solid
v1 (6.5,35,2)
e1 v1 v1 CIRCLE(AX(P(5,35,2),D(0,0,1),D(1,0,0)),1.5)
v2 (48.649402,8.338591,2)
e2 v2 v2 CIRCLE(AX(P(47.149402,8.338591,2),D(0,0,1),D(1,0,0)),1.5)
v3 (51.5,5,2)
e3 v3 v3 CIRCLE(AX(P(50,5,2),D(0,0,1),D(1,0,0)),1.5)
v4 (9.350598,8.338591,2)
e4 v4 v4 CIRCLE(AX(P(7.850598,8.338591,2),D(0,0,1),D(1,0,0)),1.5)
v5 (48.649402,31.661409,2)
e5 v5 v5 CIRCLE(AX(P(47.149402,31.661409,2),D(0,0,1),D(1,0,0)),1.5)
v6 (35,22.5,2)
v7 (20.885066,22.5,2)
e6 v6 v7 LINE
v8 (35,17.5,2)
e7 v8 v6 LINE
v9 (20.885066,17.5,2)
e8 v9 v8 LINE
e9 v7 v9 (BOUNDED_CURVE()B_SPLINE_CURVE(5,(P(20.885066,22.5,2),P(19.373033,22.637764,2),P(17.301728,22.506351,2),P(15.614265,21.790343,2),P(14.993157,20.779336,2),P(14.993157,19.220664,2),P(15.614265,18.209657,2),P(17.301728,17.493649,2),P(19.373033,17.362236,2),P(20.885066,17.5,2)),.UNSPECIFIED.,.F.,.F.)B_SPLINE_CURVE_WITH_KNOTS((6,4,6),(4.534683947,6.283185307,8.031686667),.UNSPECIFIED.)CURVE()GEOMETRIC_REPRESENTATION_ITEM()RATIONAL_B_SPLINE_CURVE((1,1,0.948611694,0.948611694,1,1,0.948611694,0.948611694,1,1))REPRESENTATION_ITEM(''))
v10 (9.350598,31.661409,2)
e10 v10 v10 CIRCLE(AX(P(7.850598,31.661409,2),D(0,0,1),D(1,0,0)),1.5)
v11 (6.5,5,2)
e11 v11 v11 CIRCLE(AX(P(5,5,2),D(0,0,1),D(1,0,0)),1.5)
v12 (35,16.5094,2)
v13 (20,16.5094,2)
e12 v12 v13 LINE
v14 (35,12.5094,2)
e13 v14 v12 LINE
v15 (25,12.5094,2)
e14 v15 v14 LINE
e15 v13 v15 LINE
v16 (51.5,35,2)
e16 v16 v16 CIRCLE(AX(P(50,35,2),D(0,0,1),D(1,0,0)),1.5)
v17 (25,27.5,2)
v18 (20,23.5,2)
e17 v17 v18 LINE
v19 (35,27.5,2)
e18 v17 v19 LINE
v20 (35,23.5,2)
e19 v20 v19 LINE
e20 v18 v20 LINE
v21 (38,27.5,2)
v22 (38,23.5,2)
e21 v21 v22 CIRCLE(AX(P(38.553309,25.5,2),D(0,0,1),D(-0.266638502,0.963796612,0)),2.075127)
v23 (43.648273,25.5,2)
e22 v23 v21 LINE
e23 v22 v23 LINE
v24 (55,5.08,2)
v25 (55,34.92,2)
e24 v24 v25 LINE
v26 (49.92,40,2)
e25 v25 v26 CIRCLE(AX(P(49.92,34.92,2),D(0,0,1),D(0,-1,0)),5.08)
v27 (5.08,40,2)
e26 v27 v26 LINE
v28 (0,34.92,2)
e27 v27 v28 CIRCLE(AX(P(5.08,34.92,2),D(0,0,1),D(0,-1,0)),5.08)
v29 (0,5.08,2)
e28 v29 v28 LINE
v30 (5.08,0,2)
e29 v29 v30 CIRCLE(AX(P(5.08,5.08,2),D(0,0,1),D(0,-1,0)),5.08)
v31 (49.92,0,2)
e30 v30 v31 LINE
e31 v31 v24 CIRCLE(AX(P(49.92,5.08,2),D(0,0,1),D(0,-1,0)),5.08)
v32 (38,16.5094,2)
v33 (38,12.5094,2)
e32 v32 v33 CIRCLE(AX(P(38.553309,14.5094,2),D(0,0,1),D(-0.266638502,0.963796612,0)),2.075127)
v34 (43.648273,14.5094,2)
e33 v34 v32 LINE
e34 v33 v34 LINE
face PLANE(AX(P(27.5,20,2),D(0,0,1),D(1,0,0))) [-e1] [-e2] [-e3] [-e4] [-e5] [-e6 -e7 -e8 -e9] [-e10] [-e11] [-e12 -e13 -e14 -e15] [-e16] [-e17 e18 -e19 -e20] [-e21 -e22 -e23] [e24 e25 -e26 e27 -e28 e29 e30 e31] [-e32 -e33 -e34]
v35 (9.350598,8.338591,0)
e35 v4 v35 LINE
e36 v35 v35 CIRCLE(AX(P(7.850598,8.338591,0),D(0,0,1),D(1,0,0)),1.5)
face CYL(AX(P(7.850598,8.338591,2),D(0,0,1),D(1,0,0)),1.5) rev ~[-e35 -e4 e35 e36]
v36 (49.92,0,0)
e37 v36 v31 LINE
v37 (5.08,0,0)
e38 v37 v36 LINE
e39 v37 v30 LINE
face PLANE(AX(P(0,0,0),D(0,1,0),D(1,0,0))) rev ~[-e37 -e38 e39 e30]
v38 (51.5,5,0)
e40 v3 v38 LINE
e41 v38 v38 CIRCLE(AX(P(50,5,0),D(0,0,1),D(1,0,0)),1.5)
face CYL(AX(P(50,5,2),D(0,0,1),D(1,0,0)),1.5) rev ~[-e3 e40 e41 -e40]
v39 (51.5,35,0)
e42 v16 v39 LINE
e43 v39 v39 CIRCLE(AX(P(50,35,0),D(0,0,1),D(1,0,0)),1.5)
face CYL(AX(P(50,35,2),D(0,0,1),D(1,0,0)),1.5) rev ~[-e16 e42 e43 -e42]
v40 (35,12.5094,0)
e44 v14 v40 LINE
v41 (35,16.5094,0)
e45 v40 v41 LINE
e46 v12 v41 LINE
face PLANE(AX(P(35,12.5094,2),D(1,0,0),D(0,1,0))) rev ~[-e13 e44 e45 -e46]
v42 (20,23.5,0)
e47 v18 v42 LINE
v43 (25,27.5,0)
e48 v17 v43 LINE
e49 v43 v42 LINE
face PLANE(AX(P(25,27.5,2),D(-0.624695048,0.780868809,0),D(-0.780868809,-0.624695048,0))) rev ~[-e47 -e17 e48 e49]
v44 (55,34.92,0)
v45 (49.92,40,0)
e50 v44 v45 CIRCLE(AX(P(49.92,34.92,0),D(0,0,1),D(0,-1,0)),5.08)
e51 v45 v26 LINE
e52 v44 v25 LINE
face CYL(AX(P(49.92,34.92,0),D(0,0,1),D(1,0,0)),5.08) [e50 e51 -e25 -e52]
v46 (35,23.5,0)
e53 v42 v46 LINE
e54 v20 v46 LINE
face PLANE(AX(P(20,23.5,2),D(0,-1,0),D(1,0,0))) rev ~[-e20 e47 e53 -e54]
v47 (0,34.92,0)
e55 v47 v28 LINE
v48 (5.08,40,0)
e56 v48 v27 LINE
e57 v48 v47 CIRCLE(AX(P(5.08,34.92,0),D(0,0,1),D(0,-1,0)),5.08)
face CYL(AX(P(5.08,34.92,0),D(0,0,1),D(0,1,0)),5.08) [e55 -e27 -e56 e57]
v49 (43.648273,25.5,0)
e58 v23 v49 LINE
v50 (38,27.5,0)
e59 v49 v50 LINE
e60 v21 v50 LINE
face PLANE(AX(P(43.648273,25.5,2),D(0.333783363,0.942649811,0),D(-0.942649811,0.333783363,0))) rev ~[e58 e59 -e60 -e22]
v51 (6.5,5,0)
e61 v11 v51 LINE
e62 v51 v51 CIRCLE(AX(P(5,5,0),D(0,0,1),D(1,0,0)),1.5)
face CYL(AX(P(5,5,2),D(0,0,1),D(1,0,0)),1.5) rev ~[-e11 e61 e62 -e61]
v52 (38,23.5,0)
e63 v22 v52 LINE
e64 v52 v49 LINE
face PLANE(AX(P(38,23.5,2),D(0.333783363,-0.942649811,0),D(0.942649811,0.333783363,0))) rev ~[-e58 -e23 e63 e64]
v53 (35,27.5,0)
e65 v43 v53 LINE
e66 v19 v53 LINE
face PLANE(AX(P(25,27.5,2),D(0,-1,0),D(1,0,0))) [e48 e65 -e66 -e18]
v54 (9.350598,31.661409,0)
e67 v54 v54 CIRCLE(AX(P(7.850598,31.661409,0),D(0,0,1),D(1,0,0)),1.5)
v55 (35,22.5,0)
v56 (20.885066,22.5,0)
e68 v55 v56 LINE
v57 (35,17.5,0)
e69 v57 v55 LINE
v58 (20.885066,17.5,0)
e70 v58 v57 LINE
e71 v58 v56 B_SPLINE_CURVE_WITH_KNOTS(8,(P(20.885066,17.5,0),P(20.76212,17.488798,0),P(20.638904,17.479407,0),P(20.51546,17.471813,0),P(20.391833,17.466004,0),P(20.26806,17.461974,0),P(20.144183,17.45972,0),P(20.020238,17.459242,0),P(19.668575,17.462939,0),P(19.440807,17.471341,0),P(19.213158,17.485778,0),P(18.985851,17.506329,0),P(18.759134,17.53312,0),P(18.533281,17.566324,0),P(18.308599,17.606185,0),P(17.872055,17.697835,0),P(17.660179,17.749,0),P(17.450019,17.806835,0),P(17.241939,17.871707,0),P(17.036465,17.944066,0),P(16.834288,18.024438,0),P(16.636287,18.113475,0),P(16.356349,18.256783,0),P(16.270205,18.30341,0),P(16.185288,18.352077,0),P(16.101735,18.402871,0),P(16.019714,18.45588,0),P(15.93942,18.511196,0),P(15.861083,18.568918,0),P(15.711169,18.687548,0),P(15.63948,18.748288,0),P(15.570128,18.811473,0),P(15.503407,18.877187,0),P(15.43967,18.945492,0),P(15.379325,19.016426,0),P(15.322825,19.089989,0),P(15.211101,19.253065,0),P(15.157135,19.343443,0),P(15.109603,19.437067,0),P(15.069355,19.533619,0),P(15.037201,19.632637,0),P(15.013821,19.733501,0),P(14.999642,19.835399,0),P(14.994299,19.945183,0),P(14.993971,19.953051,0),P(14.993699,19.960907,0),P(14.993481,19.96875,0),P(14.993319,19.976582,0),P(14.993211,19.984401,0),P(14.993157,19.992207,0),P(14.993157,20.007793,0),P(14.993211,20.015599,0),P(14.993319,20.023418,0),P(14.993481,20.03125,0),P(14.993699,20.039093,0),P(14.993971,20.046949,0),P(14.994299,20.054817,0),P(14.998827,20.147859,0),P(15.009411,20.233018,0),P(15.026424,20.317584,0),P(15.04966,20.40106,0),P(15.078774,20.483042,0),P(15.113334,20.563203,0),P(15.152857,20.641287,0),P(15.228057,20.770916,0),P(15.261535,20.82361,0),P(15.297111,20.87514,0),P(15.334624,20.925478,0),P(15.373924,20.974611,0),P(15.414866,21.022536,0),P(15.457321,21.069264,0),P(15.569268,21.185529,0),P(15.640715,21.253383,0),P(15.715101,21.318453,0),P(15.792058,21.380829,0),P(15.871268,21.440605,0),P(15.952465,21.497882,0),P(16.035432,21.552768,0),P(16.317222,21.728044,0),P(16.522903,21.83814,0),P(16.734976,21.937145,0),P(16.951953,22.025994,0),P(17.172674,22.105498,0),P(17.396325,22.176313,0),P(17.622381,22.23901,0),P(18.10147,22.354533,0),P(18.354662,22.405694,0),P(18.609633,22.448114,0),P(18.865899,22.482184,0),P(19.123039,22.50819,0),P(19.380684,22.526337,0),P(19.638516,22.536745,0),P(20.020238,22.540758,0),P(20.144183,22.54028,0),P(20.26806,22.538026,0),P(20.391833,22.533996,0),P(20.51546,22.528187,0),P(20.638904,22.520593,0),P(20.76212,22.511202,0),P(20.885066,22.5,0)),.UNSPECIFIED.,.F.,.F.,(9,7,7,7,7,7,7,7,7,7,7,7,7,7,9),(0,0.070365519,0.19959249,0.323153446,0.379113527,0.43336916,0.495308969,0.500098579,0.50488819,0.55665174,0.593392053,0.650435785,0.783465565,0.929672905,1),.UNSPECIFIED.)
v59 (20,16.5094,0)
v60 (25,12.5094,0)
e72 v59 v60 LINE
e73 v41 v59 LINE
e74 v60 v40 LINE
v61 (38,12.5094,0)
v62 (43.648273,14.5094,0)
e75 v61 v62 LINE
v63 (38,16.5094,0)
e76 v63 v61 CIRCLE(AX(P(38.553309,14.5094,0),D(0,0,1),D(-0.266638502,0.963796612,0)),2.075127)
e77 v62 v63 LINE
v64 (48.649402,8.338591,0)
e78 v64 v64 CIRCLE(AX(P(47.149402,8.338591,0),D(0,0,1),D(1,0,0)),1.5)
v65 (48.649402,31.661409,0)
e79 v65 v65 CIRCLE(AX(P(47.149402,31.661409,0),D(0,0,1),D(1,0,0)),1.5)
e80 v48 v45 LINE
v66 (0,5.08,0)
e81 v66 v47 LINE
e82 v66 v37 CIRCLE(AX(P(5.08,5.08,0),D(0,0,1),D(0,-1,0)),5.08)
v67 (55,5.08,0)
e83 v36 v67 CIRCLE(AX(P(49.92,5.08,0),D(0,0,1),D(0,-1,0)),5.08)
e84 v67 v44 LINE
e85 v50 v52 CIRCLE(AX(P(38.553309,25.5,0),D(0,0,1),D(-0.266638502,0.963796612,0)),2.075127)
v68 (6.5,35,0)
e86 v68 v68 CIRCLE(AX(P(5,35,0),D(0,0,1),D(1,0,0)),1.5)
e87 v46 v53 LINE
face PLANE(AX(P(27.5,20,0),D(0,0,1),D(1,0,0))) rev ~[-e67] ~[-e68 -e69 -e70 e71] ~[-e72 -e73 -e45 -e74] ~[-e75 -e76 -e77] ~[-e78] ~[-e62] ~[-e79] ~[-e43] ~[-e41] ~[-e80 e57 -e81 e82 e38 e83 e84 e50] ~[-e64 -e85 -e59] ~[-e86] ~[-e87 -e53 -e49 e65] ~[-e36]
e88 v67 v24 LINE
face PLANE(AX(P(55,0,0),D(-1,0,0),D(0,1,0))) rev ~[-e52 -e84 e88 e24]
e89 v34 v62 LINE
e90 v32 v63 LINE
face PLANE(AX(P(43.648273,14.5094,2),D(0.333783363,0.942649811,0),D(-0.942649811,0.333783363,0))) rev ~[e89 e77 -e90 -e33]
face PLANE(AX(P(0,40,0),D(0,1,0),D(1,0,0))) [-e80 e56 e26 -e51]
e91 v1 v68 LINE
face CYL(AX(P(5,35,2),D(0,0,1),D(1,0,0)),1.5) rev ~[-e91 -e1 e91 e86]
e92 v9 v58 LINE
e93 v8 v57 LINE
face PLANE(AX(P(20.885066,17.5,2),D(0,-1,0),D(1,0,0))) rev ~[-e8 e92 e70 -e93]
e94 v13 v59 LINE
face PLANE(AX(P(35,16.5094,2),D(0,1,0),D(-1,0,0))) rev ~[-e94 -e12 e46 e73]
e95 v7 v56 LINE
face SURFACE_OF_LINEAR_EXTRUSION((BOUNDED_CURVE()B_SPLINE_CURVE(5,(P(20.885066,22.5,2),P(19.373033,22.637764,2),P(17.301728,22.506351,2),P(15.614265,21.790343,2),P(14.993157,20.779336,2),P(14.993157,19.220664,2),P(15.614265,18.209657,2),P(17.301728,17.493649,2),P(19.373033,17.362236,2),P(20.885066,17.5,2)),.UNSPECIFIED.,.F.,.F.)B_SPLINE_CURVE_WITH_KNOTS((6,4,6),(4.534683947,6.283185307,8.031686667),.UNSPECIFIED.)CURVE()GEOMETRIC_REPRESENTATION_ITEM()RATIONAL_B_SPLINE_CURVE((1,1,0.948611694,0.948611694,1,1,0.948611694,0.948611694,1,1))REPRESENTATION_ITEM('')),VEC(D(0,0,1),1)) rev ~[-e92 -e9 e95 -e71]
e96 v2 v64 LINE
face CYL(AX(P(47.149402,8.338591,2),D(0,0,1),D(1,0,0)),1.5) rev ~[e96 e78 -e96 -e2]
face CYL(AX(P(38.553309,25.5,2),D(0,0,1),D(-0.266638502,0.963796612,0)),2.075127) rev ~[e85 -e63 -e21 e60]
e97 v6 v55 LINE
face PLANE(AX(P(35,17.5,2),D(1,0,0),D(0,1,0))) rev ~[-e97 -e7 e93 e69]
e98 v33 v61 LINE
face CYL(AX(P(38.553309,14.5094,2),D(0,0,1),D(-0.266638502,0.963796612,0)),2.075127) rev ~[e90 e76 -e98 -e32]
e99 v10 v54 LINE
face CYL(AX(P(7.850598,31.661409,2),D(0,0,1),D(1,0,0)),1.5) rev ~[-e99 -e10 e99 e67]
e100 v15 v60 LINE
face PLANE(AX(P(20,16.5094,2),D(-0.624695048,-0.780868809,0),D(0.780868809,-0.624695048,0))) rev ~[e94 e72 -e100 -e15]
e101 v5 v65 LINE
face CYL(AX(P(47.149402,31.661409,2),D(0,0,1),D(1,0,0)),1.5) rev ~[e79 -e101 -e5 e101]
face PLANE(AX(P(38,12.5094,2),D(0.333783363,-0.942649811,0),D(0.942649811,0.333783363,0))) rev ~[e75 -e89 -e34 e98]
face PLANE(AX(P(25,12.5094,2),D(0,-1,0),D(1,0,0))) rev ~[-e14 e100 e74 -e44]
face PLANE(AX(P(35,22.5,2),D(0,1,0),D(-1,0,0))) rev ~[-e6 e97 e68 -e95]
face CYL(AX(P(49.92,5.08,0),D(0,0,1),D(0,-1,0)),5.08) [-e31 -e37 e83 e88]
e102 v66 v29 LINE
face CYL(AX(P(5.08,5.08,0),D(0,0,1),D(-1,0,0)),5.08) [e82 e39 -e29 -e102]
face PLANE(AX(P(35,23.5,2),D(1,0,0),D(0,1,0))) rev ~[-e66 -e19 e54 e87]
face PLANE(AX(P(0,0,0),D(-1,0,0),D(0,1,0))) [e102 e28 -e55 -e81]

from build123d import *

# Parameters (mm, degrees)
F0_W      = 55
F0_H      = 40
F1_DEPTH  = 2
F3_R      = 5.08
F4_R      = 5.08
F5_R      = 5.08
F6_R      = 5.08
F8_R      = 1.5
F9_DEPTH  = 25.4
F10_W     = 10
F10_H     = 4
F11_DEPTH = 25.4


with BuildPart() as f1:
    # F0 (on Top) → F1 (new body)
    with BuildSketch(Plane.XY):
        with Locations((27.5, 20)):
            Rectangle(F0_W, F0_H)
    extrude(amount=F1_DEPTH)

    # F3
    f3_edges = [f1.edges().sort_by_distance(p)[0] for p in [
        (55, 0, 1),
    ]]
    fillet(f3_edges, radius=F3_R)

    # F4
    f4_edges = [f1.edges().sort_by_distance(p)[0] for p in [
        (55, 40, 1),
    ]]
    fillet(f4_edges, radius=F4_R)

    # F5
    f5_edges = [f1.edges().sort_by_distance(p)[0] for p in [
        (0, 40, 1),
    ]]
    fillet(f5_edges, radius=F5_R)

    # F6
    f6_edges = [f1.edges().sort_by_distance(p)[0] for p in [
        (0, 0, 1),
    ]]
    fillet(f6_edges, radius=F6_R)

    # F8 (on offset) → F9 (cut)
    with BuildSketch(Plane.XY.offset(2)):
        with Locations((50, 5)):
            Circle(F8_R)
        with Locations((47.1494022449, 8.3385913854)):
            Circle(F8_R)
        with Locations((47.1494022449, 31.6614086146)):
            Circle(F8_R)
        with Locations((50, 35)):
            Circle(F8_R)
        with Locations((7.8505977551, 31.6614086146)):
            Circle(F8_R)
        with Locations((5, 35)):
            Circle(F8_R)
        with Locations((7.8505977551, 8.3385913854)):
            Circle(F8_R)
        with Locations((5, 5)):
            Circle(F8_R)
    extrude(amount=-F9_DEPTH, mode=Mode.SUBTRACT)

    # F10 (on face) → F11 (cut)
    with BuildSketch(Plane.XY.offset(2)):
        with BuildLine():
            Line((20, 17.5), (20, 22.5))
            Line((20, 22.5), (20.8850657517, 22.5))
            add(Edge.make_bspline(
                [(20.8850657517, 22.5), (14.9931568267, 23.0368228686), (14.9931568267, 20)],
                knots=[4.5346839474, 4.5346839474, 4.5346839474, 6.2831853072, 6.2831853072, 6.2831853072], degree=2, weights=[1, 0.6415718139, 1]))
            add(Edge.make_bspline(
                [(14.9931568267, 20), (14.9931568267, 16.9631771314), (20.8850657517, 17.5)],
                knots=[0, 0, 0, 1.7485013598, 1.7485013598, 1.7485013598], degree=2, weights=[1, 0.6415718139, 1]))
            Line((20.8850657517, 17.5), (20, 17.5))
        make_face()
        with BuildLine():
            Line((20.8850657517, 22.5), (20, 22.5))
            Line((20, 22.5), (20, 17.5))
            Line((20, 17.5), (20.8850657517, 17.5))
            add(Edge.make_bspline(
                [(20.8850657517, 17.5), (25.0068431733, 17.8755428686), (25.0068431733, 20), (25.0068431733, 22.1244571314), (20.8850657517, 22.5)],
                knots=[1.7485013598, 1.7485013598, 1.7485013598, 3.1415926536, 3.1415926536, 4.5346839474, 4.5346839474, 4.5346839474], degree=2, weights=[1, 0.767062975, 1, 0.767062975, 1]))
        make_face()
        with BuildLine():
            Line((35, 22.5), (20.8850657517, 22.5))
            add(Edge.make_bspline(
                [(20.8850657517, 17.5), (25.0068431733, 17.8755428686), (25.0068431733, 20), (25.0068431733, 22.1244571314), (20.8850657517, 22.5)],
                knots=[1.7485013598, 1.7485013598, 1.7485013598, 3.1415926536, 3.1415926536, 4.5346839474, 4.5346839474, 4.5346839474], degree=2, weights=[1, 0.767062975, 1, 0.767062975, 1]))
            Line((20.8850657517, 17.5), (35, 17.5))
            Line((35, 17.5), (35, 22.5))
        make_face()
        with Locations((30, 25.5)):
            Rectangle(F10_W, F10_H)
        Polygon((25, 23.5), (25, 27.5), (20, 23.5), align=None)
        Polygon((20, 16.5094), (25, 12.5094), (25, 16.5094), align=None)
        with Locations((30, 14.5094)):
            Rectangle(F10_W, F10_H)
        with BuildLine():
            Line((43.6482731998, 25.5), (38, 27.5))
            ThreePointArc((38, 27.5), (36.4781820371, 25.5), (38, 23.5))
            Line((38, 23.5), (43.6482731998, 25.5))
        make_face()
        with BuildLine():
            ThreePointArc((38, 16.5094), (36.4781820371, 14.5094), (38, 12.5094))
            Line((38, 12.5094), (43.6482731998, 14.5094))
            Line((43.6482731998, 14.5094), (38, 16.5094))
        make_face()
    extrude(amount=-F11_DEPTH, mode=Mode.SUBTRACT)


solid = f1.part
